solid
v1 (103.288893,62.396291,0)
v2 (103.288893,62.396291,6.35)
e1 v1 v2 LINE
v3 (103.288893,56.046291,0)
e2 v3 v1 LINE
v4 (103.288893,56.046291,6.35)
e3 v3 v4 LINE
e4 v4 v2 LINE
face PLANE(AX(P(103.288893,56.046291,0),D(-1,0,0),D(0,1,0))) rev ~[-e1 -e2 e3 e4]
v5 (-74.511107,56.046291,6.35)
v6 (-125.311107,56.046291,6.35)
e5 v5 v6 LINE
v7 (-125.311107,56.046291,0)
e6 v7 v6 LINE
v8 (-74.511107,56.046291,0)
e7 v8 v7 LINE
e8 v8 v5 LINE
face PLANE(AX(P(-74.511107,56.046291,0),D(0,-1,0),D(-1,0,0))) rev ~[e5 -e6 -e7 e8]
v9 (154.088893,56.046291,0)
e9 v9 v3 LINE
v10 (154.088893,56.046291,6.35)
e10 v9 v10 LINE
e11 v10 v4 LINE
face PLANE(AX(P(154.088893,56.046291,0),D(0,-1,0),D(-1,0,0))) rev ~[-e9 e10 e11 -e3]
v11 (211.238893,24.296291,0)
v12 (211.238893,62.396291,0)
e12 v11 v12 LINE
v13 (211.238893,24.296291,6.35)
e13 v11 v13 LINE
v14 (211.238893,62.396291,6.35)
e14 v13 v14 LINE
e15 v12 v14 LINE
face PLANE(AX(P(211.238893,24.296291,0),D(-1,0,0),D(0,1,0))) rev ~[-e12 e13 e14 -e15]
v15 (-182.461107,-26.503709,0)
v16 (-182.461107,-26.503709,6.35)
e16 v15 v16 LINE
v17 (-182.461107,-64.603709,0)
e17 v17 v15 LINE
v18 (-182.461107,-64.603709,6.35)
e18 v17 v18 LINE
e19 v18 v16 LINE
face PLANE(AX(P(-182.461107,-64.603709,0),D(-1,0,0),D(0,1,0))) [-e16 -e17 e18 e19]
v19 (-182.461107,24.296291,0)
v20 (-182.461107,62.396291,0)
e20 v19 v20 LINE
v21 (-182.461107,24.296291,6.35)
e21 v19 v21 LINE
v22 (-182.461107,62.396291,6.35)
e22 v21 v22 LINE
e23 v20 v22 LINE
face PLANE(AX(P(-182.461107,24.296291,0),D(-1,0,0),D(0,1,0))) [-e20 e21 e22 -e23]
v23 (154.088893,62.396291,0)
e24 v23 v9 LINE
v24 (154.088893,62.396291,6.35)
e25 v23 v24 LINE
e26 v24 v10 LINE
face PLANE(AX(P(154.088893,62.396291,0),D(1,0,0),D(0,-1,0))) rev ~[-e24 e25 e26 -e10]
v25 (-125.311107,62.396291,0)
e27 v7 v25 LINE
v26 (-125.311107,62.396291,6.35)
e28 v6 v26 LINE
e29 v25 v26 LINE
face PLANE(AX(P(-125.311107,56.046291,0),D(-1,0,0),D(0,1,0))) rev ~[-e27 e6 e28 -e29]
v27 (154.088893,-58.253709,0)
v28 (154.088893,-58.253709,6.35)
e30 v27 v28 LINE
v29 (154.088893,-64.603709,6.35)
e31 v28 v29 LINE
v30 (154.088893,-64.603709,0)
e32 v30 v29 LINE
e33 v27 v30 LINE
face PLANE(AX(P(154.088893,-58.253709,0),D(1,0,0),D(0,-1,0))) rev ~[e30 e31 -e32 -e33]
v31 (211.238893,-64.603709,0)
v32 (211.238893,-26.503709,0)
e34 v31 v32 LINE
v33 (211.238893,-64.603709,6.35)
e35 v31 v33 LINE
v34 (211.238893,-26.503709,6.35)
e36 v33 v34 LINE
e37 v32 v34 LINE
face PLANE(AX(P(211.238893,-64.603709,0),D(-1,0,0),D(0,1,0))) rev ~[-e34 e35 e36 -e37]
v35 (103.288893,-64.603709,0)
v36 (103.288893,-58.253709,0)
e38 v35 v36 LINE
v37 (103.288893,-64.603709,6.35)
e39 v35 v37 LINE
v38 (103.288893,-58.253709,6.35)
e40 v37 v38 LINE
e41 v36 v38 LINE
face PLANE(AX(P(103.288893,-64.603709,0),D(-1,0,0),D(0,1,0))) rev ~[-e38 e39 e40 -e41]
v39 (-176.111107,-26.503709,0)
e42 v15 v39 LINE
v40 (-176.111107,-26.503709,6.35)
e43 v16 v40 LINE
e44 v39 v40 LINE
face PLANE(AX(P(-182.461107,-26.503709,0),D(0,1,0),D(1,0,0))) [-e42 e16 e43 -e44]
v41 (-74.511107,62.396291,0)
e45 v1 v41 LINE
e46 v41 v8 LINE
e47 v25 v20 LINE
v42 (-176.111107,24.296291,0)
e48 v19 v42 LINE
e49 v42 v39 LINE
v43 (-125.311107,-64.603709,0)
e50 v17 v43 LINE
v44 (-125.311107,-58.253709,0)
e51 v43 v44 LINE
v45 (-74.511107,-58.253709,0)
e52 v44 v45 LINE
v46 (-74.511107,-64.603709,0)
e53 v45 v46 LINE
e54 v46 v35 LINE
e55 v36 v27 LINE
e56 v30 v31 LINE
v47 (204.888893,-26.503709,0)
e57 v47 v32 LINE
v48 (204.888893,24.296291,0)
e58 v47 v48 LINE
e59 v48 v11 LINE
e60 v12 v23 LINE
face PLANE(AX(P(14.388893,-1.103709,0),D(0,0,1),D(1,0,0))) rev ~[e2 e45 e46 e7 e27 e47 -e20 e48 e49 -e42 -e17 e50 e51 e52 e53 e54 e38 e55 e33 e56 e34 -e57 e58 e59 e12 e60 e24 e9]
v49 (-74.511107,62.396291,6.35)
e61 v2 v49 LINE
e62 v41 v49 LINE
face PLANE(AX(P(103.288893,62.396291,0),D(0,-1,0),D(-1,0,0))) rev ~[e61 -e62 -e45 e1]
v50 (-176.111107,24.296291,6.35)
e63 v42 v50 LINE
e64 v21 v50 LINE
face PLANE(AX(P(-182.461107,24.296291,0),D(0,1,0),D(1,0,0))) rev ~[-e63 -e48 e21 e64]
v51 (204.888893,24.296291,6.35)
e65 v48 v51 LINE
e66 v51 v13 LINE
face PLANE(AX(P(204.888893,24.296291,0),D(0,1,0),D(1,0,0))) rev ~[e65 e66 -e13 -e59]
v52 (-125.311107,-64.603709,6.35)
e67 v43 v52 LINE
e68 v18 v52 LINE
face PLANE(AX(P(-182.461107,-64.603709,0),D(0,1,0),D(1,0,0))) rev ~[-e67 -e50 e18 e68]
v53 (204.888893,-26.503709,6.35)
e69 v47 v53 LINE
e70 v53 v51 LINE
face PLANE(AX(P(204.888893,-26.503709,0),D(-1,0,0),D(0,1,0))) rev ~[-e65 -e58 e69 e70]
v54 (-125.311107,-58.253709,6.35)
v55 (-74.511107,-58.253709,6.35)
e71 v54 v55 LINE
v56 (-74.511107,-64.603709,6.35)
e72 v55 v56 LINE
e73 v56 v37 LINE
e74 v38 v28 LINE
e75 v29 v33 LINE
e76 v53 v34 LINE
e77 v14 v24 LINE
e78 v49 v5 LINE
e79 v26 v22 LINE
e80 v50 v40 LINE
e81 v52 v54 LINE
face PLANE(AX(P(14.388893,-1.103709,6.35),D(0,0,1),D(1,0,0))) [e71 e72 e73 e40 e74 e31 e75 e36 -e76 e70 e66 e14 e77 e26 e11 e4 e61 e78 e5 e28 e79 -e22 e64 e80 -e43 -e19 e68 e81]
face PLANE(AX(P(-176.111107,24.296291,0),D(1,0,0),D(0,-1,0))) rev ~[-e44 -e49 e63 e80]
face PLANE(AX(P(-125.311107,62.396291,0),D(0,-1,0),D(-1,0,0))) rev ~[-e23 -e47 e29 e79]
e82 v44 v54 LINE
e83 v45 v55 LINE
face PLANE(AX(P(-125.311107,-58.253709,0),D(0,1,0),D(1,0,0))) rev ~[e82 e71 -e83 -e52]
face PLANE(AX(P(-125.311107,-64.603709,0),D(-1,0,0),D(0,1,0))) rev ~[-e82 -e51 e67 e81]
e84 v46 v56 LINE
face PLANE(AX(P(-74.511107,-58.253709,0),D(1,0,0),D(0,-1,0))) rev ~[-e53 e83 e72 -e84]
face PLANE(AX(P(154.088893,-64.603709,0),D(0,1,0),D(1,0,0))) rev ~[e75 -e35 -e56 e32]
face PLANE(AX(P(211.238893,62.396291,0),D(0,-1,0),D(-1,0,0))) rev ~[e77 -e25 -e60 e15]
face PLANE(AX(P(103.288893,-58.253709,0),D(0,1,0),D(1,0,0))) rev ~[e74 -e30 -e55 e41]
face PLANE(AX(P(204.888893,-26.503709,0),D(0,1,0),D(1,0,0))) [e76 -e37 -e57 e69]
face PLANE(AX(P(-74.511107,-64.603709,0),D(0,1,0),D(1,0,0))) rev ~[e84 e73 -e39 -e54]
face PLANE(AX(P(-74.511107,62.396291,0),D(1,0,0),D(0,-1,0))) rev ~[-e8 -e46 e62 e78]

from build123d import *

# Parameters (mm, degrees)
F0_W     = 6.35
F0_H     = 38.1
F1_DEPTH = 6.35


with BuildPart() as f1:
    # F0 (on Top) → F1 (new body)
    with BuildSketch(Plane.XY):
        Polygon((-125.311107, 62.396291), (-176.111107, 62.396291), (-176.111107, 24.296291), (-176.111107, -26.503709), (-176.111107, -64.603709), (-125.311107, -64.603709), (-125.311107, -58.253709), (-74.511107, -58.253709), (-74.511107, -64.603709), (103.288893, -64.603709), (103.288893, -58.253709), (154.088893, -58.253709), (154.088893, -64.603709), (204.888893, -64.603709), (204.888893, -26.503709), (204.888893, 24.296291), (204.888893, 62.396291), (154.088893, 62.396291), (154.088893, 56.046291), (103.288893, 56.046291), (103.288893, 62.396291), (-74.511107, 62.396291), (-74.511107, 56.046291), (-125.311107, 56.046291), align=None)
        with Locations((-179.286107, 43.346291)):
            Rectangle(F0_W, F0_H)
        with Locations((-179.286107, -45.553709)):
            Rectangle(F0_W, F0_H)
        with Locations((208.063893, 43.346291)):
            Rectangle(F0_W, F0_H)
        with Locations((208.063893, -45.553709)):
            Rectangle(F0_W, F0_H)
    extrude(amount=F1_DEPTH)


solid = f1.part
